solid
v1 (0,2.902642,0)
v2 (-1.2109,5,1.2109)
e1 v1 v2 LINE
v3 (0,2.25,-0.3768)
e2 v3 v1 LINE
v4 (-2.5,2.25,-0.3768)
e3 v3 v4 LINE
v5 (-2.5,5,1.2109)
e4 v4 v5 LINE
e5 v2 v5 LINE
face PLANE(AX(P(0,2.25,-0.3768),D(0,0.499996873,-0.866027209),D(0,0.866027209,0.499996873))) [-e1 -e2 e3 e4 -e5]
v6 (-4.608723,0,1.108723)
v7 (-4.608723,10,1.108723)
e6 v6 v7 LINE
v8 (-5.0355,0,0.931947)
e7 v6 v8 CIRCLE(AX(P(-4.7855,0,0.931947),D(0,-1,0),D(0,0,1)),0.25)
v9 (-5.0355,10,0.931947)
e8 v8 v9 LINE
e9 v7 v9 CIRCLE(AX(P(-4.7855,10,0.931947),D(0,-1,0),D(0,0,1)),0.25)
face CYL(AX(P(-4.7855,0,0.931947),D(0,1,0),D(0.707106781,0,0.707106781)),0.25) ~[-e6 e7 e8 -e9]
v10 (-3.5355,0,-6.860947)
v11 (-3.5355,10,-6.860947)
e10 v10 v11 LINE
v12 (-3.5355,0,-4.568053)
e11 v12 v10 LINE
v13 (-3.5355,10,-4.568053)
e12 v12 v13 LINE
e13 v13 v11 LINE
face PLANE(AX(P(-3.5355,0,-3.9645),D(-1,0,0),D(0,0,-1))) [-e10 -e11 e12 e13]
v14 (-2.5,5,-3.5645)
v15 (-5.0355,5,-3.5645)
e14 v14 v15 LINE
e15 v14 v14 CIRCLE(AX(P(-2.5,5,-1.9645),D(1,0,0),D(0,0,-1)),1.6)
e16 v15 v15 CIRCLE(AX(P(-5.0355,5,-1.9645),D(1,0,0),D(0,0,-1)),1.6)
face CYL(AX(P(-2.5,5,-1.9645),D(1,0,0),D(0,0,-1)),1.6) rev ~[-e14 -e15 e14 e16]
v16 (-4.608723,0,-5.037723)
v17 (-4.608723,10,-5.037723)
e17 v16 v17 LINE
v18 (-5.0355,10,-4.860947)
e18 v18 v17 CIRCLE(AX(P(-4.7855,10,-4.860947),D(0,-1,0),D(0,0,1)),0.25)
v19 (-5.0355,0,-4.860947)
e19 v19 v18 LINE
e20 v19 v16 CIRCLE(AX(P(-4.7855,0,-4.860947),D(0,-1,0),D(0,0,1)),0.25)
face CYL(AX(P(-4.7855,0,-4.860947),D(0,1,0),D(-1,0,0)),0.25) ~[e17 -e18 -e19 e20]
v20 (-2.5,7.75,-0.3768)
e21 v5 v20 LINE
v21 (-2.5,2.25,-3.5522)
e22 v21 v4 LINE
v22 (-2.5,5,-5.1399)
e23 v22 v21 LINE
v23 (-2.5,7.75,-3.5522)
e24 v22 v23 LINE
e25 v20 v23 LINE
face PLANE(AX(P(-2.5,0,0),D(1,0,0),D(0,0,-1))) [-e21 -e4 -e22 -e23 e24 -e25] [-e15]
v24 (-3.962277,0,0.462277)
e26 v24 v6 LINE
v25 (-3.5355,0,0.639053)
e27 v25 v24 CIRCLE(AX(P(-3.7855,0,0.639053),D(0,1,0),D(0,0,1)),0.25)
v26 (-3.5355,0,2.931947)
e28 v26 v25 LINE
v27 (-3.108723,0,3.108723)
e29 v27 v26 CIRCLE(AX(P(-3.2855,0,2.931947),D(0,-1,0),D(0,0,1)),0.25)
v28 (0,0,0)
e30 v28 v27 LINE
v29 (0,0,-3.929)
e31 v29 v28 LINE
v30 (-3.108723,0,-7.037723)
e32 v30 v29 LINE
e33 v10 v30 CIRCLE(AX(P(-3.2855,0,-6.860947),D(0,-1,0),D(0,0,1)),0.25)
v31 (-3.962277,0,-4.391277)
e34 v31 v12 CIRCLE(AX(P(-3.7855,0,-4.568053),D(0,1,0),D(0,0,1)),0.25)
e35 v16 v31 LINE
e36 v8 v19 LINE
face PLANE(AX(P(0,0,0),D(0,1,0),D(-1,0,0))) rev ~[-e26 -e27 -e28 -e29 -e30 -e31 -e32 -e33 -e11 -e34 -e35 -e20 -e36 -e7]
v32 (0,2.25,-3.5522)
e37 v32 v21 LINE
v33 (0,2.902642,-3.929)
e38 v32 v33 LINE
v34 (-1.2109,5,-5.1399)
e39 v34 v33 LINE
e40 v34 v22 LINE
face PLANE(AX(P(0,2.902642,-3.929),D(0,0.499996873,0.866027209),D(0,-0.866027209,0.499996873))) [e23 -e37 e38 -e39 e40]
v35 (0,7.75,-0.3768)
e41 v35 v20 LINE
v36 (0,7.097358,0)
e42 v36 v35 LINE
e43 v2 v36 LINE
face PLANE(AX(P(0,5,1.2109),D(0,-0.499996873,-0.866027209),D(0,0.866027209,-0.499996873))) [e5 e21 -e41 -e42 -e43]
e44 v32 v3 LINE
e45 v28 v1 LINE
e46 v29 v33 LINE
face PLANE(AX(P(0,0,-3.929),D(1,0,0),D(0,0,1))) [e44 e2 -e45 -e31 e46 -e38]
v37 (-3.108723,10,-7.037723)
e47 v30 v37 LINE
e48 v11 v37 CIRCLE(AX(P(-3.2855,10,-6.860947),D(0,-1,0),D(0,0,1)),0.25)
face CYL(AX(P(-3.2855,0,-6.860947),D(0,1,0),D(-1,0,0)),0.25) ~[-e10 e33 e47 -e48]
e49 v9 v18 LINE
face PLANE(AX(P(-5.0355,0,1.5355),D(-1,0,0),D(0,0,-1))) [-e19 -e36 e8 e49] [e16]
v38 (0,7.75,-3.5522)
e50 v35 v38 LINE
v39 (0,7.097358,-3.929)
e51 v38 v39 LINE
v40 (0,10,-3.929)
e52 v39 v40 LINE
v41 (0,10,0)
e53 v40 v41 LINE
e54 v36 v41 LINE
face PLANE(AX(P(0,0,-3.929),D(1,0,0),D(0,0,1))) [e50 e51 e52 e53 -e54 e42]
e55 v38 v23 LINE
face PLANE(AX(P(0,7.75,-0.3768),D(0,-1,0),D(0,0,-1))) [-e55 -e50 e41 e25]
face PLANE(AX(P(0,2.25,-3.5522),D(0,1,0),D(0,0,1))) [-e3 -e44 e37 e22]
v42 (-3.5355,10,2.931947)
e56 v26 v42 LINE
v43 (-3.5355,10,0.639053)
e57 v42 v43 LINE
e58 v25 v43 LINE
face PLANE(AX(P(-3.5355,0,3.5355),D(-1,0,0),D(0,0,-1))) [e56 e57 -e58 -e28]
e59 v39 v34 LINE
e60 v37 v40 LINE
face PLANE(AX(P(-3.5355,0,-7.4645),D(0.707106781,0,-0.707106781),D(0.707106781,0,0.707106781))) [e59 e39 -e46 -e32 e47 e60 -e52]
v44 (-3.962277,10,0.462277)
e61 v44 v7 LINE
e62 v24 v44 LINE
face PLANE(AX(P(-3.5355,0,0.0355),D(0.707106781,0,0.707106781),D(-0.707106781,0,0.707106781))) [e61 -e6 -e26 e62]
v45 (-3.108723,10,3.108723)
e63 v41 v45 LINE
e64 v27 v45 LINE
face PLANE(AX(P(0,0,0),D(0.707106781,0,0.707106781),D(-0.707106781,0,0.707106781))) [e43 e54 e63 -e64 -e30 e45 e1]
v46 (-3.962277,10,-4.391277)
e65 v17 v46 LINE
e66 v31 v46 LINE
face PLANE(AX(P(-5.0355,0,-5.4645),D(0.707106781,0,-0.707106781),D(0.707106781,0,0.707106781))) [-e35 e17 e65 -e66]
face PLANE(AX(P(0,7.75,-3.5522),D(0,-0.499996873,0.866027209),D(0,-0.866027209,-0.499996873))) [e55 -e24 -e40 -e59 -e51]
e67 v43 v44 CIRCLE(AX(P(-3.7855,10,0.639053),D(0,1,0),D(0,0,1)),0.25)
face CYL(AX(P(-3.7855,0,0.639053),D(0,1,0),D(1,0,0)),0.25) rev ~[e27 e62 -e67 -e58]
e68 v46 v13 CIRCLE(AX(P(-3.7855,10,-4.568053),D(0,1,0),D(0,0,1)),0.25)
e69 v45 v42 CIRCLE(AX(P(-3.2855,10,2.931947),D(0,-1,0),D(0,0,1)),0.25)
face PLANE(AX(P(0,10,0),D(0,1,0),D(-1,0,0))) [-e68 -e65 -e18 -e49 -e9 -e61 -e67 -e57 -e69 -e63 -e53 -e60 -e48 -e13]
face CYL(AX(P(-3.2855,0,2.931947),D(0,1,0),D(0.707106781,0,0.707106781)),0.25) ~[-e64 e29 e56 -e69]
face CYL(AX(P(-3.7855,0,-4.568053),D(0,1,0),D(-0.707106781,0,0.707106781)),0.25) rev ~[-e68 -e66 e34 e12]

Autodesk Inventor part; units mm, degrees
ref_plane "YZ Plane" through (0, 0, 0) normal (1, 0, 0) x (0, 1, 0)
ref_plane "XZ Plane" through (0, 0, 0) normal (0, 1, 0) x (-1, 0, 0)
ref_plane "XY Plane" through (0, 0, 0) normal (0, 0, 1) x (1, 0, 0)
sketch "Sketch1" plane through (0, 0, 0) normal (0, 1, 0) x (-1, 0, 0)
  line L0 (0, 0) -> (3.5355, 3.5355)
  line L1 (3.5355, 3.5355) -> (3.5355, 0.0355)
  line L2 (3.5355, 0.0355) -> (5.0355, 1.5355)
  line L3 (5.0355, 1.5355) -> (5.0355, -5.4645)
  line L4 (5.0355, -5.4645) -> (3.5355, -3.9645)
  line L5 (3.5355, -3.9645) -> (3.5355, -7.4645)
  line L6 (3.5355, -7.4645) -> (0, -3.929)
  line L7 (0, -3.929) -> (0, 0)
  dimension "d0" = 3.929
  dimension "d1" = 5
  dimension "d2" = 5
  dimension "d3" = 3.5
  dimension "d4" = 3.5
  dimension "d5" = 135
  dimension "d6" = 45
  dimension "d7" = 1.5
extrude "Extrusion1" add sketch "Sketch1" along normal blind 10
fillet "Fillet1" radius 0.25 6 edges at (-3.5355, 5, -3.9645) (-3.5355, 5, -7.4645) (-5.0355, 5, -5.4645) (-3.5355, 5, 3.5355) (-3.5355, 5, 0.0355) (-5.0355, 5, 1.5355)
sketch "Sketch2" plane through (0, 0, 0) normal (1, 0, 0) x (0, 0, -1)
  line L0 (0.3768, 7.75) -> (3.5522, 7.75)
  line L1 (3.5522, 7.75) -> (5.1399, 5)
  line L2 (5.1399, 5) -> (3.5522, 2.25)
  line L3 (3.5522, 2.25) -> (0.3768, 2.25)
  line L4 (0.3768, 2.25) -> (-1.2109, 5)
  line L5 (-1.2109, 5) -> (0.3768, 7.75)
  line L6 (3.929, 0) -> (3.929, 10) projected
  line L7 (0, 10) -> (3.929, 10) projected
  point P0 (0, 0)
  point P1 (1.9645, 5)
  dimension "d11" = 5.5
  dimension "d12" = 1.9645
  dimension "d13" = 5
extrude "Extrusion2" cut sketch "Sketch2" against normal blind 2.5
sketch "Sketch3" plane through (-2.5, 0, 0) normal (1, 0, 0) x (0, 0, -1)
  circle A0 centre (1.9645, 5) radius 1.6
  line L0 (3.929, 0) -> (3.929, 2.9026) projected
  line L1 (0, 10) -> (3.929, 10) projected
  point P0 (0, 0)
  dimension "d16" = 3.2
  dimension "d17" = 1.9645
  dimension "d18" = 5
extrude "Extrusion3" cut sketch "Sketch3" against normal through all
properties part number "nut"
